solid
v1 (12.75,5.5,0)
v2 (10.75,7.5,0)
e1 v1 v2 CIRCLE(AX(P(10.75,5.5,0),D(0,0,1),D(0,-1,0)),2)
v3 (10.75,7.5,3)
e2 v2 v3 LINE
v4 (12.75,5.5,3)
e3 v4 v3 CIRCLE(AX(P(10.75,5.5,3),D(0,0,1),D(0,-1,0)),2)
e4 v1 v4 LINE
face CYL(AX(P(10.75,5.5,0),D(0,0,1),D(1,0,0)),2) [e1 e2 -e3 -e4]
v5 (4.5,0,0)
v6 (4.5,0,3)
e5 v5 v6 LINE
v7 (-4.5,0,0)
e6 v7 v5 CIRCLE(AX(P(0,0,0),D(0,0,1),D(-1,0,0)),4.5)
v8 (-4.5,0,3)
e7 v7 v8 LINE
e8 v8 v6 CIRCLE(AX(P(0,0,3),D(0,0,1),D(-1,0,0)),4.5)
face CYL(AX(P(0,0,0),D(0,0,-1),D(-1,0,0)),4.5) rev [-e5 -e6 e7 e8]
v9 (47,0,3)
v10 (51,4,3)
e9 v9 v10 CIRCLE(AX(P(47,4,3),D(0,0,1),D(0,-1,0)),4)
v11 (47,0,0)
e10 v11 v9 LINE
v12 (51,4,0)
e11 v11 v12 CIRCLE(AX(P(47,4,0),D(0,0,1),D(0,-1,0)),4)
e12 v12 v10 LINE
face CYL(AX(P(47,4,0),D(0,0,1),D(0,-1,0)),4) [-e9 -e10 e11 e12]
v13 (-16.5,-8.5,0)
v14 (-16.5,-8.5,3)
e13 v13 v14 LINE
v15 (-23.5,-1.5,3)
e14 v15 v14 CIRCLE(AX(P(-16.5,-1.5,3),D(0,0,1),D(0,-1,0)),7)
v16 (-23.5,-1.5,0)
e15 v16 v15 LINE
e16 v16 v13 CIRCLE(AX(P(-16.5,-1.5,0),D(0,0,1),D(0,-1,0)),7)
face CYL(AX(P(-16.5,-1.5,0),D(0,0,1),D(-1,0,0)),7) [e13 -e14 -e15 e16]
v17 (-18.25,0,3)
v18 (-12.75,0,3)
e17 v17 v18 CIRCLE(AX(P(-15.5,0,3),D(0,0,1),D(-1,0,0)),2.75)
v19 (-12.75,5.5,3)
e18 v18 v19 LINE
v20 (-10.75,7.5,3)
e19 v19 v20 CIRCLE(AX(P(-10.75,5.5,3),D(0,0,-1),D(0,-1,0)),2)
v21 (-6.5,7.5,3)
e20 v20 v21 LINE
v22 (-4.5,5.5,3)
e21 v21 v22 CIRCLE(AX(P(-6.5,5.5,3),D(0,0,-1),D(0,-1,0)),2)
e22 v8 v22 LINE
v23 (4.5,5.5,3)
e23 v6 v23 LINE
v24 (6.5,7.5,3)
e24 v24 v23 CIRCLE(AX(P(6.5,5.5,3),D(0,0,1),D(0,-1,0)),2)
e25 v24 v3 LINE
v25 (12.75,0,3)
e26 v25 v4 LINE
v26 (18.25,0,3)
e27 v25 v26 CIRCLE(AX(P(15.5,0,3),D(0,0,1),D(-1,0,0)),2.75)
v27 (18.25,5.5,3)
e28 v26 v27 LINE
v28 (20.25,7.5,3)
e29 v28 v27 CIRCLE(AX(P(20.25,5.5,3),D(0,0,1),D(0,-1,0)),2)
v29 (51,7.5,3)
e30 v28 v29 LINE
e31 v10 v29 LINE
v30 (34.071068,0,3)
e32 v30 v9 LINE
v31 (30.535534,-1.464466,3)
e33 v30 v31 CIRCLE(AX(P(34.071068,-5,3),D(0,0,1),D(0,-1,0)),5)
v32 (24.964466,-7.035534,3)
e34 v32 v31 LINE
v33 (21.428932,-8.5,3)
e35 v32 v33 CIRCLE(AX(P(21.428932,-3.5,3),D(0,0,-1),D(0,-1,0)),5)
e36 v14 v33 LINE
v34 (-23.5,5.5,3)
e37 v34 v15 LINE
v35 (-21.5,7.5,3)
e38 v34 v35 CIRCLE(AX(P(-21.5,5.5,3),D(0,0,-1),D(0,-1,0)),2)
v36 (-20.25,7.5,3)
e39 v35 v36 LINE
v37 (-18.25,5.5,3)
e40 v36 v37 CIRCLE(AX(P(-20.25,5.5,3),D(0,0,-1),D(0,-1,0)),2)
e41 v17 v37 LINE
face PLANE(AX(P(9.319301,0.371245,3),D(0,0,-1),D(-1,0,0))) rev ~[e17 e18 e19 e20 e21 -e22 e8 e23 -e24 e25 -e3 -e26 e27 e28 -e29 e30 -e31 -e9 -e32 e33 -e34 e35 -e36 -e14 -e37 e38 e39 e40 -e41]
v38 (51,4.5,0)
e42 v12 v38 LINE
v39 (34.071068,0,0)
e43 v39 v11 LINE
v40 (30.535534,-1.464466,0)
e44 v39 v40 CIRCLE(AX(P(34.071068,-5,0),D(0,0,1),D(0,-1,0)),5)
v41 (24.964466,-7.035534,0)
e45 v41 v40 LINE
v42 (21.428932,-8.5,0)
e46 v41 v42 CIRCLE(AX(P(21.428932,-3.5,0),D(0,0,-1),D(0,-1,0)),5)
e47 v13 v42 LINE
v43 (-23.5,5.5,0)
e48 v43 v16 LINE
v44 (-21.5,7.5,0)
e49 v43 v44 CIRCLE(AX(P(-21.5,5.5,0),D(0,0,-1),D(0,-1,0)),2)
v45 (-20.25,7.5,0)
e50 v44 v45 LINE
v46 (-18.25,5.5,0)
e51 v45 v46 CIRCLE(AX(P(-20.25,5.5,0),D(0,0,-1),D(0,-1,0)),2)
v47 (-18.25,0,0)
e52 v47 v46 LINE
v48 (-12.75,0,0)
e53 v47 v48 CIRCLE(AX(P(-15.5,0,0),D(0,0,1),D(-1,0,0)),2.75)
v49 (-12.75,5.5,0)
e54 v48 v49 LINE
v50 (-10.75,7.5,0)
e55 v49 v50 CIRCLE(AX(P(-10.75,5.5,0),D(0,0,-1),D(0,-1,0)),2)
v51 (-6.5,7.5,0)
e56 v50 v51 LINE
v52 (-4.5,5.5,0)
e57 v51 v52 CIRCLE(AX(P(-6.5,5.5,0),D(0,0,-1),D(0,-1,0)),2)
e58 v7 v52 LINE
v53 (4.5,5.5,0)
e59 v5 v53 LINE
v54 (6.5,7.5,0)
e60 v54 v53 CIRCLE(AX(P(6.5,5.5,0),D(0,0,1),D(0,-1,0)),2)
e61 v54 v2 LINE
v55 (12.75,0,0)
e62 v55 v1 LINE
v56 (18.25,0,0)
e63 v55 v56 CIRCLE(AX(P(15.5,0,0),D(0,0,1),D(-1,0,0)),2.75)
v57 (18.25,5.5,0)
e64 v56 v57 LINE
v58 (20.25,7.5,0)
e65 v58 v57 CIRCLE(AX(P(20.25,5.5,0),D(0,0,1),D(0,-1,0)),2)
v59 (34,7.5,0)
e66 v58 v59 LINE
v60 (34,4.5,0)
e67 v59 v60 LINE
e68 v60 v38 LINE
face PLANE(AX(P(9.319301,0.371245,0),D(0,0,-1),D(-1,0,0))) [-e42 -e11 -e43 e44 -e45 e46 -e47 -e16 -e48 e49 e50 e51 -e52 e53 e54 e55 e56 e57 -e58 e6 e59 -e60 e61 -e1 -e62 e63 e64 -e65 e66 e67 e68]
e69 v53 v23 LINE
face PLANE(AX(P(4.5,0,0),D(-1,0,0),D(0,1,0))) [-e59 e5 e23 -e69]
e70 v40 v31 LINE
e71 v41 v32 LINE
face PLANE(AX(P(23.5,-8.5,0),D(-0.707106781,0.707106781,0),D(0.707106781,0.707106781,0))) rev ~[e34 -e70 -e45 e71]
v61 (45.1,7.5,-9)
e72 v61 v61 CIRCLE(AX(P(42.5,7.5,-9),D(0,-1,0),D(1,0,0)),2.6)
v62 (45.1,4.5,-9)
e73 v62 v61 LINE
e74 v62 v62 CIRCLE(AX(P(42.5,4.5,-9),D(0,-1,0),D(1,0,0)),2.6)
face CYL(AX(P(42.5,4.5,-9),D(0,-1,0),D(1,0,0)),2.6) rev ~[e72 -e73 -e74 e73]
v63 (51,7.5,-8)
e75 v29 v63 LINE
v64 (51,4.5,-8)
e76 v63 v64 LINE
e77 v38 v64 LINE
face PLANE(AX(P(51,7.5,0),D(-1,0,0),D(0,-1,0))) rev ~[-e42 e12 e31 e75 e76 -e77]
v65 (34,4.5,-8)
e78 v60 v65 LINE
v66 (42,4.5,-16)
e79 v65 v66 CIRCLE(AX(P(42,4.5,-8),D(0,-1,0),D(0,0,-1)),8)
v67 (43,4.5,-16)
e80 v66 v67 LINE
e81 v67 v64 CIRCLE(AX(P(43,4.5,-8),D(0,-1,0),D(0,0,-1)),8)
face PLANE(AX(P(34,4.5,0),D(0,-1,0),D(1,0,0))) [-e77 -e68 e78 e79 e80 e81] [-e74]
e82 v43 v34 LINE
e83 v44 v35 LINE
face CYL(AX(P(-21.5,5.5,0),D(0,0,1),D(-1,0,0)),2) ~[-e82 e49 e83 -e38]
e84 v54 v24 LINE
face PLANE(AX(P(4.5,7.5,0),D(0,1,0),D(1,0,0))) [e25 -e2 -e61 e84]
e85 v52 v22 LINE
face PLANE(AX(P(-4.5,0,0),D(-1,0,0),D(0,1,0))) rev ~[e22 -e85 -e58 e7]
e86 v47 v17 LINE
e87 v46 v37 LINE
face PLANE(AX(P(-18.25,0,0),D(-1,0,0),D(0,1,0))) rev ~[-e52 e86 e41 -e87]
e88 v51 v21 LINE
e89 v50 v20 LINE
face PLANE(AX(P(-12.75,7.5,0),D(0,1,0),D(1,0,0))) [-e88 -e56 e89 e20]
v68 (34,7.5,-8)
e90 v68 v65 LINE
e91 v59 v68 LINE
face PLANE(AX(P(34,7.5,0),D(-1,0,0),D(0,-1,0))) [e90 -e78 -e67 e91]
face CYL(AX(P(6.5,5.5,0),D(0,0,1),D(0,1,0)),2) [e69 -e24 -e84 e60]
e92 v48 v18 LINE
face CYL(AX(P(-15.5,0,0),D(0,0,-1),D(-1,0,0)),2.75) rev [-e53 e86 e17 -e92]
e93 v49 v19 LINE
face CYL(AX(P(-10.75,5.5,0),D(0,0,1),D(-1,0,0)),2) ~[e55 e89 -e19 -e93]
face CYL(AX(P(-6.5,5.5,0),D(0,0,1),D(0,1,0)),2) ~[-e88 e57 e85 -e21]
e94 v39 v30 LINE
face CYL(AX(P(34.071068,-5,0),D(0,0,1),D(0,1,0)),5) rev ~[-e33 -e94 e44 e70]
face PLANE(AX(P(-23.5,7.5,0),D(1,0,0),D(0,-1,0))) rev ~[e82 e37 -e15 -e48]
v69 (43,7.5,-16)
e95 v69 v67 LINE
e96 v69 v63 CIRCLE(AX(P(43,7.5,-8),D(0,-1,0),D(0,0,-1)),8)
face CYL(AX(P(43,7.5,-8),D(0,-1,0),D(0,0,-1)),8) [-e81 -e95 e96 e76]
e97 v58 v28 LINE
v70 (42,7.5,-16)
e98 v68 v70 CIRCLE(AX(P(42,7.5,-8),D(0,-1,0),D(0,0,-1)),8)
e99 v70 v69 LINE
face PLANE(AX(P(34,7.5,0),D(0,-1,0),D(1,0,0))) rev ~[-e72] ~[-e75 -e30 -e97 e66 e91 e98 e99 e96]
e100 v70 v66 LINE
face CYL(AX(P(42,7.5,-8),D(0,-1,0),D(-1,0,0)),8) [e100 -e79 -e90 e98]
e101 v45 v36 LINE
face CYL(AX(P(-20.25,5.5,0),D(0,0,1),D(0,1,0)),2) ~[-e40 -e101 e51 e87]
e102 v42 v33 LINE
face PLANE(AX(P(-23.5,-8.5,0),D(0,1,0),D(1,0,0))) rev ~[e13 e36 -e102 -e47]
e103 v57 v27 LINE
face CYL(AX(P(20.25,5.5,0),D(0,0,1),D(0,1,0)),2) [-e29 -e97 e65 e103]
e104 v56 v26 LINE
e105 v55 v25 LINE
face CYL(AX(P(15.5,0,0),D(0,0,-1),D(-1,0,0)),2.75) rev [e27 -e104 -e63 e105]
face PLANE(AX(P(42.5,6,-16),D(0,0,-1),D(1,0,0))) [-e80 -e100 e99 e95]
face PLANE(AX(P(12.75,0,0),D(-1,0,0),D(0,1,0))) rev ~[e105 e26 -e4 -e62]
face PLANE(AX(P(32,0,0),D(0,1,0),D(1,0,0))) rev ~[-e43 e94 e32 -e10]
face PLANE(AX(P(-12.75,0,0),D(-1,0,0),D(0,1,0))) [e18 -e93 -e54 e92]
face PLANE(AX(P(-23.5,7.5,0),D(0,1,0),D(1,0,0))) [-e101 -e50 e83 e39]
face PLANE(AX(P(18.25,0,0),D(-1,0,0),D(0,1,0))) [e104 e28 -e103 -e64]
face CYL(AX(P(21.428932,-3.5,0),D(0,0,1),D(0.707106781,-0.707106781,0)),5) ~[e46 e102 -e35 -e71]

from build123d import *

# Parameters (mm, degrees)
PAD_DEPTH    = 3
SKETCH001_W  = 17
SKETCH001_H  = 3
PAD001_DEPTH = 16
SKETCH002_R  = 2.6
POCKET_DEPTH = 3.001
FILLET_R     = 8
FILLET002_R  = 7
FILLET003_R  = 4
FILLET004_R  = 5
FILLET005_R  = 2


with BuildPart() as part:
    # Sketch → Pad (new body)
    with BuildSketch(Plane.XY):
        with BuildLine():
            ThreePointArc((-4.5, 0), (0, -4.5), (4.5, 0))
            Line((4.5, 0), (4.5, 7.5))
            Line((4.5, 7.5), (12.75, 7.5))
            Line((12.75, 0), (12.75, 7.5))
            ThreePointArc((12.75, 0), (15.5, -2.75), (18.25, 0))
            Line((18.25, 0), (18.25, 7.5))
            Line((18.25, 7.5), (51, 7.5))
            Line((51, 0), (51, 7.5))
            Line((32, 0), (51, 0))
            Line((23.5, -8.5), (32, 0))
            Line((-23.5, -8.5), (23.5, -8.5))
            Line((-23.5, 7.5), (-23.5, -8.5))
            Line((-23.5, 7.5), (-18.25, 7.5))
            Line((-18.25, 0), (-18.25, 7.5))
            ThreePointArc((-18.25, 0), (-15.5, -2.75), (-12.75, 0))
            Line((-12.75, 0), (-12.75, 7.5))
            Line((-12.75, 7.5), (-4.5, 7.5))
            Line((-4.5, 0), (-4.5, 7.5))
        make_face()
    extrude(amount=PAD_DEPTH)

    # Sketch001 (on Face19 of Pad) → Pad001 (join)
    with BuildSketch(Plane(origin=(0, 0, 0), x_dir=(1, 0, 0), z_dir=(0, 0, -1))):
        with Locations((42.5, -6)):
            Rectangle(SKETCH001_W, SKETCH001_H)
    extrude(amount=PAD001_DEPTH)

    # Sketch002 (on Face13 of Pad001) → Pocket (cut, through all)
    with BuildSketch(Plane.XZ.offset(-4.5)):
        with Locations((42.5, -9)):
            Circle(SKETCH002_R)
    extrude(amount=-POCKET_DEPTH, mode=Mode.SUBTRACT)

    # Fillet
    fillet_edges = [part.edges().sort_by_distance(p)[0] for p in [
        (34, 6, -16),
        (51, 6, -16),
    ]]
    fillet(fillet_edges, radius=FILLET_R)

    # Fillet002
    fillet002_edges = [part.edges().sort_by_distance(p)[0] for p in [
        (-23.5, -8.5, 1.5),
    ]]
    fillet(fillet002_edges, radius=FILLET002_R)

    # Fillet003
    fillet003_edges = [part.edges().sort_by_distance(p)[0] for p in [
        (51, 0, 1.5),
    ]]
    fillet(fillet003_edges, radius=FILLET003_R)

    # Fillet004
    fillet004_edges = [part.edges().sort_by_distance(p)[0] for p in [
        (23.5, -8.5, 1.5),
        (32, 0, 1.5),
    ]]
    fillet(fillet004_edges, radius=FILLET004_R)

    # Fillet005
    fillet005_edges = [part.edges().sort_by_distance(p)[0] for p in [
        (-23.5, 7.5, 1.5),
        (-18.25, 7.5, 1.5),
        (-12.75, 7.5, 1.5),
        (-4.5, 7.5, 1.5),
        (4.5, 7.5, 1.5),
        (12.75, 7.5, 1.5),
        (18.25, 7.5, 1.5),
    ]]
    fillet(fillet005_edges, radius=FILLET005_R)


solid = part.part
